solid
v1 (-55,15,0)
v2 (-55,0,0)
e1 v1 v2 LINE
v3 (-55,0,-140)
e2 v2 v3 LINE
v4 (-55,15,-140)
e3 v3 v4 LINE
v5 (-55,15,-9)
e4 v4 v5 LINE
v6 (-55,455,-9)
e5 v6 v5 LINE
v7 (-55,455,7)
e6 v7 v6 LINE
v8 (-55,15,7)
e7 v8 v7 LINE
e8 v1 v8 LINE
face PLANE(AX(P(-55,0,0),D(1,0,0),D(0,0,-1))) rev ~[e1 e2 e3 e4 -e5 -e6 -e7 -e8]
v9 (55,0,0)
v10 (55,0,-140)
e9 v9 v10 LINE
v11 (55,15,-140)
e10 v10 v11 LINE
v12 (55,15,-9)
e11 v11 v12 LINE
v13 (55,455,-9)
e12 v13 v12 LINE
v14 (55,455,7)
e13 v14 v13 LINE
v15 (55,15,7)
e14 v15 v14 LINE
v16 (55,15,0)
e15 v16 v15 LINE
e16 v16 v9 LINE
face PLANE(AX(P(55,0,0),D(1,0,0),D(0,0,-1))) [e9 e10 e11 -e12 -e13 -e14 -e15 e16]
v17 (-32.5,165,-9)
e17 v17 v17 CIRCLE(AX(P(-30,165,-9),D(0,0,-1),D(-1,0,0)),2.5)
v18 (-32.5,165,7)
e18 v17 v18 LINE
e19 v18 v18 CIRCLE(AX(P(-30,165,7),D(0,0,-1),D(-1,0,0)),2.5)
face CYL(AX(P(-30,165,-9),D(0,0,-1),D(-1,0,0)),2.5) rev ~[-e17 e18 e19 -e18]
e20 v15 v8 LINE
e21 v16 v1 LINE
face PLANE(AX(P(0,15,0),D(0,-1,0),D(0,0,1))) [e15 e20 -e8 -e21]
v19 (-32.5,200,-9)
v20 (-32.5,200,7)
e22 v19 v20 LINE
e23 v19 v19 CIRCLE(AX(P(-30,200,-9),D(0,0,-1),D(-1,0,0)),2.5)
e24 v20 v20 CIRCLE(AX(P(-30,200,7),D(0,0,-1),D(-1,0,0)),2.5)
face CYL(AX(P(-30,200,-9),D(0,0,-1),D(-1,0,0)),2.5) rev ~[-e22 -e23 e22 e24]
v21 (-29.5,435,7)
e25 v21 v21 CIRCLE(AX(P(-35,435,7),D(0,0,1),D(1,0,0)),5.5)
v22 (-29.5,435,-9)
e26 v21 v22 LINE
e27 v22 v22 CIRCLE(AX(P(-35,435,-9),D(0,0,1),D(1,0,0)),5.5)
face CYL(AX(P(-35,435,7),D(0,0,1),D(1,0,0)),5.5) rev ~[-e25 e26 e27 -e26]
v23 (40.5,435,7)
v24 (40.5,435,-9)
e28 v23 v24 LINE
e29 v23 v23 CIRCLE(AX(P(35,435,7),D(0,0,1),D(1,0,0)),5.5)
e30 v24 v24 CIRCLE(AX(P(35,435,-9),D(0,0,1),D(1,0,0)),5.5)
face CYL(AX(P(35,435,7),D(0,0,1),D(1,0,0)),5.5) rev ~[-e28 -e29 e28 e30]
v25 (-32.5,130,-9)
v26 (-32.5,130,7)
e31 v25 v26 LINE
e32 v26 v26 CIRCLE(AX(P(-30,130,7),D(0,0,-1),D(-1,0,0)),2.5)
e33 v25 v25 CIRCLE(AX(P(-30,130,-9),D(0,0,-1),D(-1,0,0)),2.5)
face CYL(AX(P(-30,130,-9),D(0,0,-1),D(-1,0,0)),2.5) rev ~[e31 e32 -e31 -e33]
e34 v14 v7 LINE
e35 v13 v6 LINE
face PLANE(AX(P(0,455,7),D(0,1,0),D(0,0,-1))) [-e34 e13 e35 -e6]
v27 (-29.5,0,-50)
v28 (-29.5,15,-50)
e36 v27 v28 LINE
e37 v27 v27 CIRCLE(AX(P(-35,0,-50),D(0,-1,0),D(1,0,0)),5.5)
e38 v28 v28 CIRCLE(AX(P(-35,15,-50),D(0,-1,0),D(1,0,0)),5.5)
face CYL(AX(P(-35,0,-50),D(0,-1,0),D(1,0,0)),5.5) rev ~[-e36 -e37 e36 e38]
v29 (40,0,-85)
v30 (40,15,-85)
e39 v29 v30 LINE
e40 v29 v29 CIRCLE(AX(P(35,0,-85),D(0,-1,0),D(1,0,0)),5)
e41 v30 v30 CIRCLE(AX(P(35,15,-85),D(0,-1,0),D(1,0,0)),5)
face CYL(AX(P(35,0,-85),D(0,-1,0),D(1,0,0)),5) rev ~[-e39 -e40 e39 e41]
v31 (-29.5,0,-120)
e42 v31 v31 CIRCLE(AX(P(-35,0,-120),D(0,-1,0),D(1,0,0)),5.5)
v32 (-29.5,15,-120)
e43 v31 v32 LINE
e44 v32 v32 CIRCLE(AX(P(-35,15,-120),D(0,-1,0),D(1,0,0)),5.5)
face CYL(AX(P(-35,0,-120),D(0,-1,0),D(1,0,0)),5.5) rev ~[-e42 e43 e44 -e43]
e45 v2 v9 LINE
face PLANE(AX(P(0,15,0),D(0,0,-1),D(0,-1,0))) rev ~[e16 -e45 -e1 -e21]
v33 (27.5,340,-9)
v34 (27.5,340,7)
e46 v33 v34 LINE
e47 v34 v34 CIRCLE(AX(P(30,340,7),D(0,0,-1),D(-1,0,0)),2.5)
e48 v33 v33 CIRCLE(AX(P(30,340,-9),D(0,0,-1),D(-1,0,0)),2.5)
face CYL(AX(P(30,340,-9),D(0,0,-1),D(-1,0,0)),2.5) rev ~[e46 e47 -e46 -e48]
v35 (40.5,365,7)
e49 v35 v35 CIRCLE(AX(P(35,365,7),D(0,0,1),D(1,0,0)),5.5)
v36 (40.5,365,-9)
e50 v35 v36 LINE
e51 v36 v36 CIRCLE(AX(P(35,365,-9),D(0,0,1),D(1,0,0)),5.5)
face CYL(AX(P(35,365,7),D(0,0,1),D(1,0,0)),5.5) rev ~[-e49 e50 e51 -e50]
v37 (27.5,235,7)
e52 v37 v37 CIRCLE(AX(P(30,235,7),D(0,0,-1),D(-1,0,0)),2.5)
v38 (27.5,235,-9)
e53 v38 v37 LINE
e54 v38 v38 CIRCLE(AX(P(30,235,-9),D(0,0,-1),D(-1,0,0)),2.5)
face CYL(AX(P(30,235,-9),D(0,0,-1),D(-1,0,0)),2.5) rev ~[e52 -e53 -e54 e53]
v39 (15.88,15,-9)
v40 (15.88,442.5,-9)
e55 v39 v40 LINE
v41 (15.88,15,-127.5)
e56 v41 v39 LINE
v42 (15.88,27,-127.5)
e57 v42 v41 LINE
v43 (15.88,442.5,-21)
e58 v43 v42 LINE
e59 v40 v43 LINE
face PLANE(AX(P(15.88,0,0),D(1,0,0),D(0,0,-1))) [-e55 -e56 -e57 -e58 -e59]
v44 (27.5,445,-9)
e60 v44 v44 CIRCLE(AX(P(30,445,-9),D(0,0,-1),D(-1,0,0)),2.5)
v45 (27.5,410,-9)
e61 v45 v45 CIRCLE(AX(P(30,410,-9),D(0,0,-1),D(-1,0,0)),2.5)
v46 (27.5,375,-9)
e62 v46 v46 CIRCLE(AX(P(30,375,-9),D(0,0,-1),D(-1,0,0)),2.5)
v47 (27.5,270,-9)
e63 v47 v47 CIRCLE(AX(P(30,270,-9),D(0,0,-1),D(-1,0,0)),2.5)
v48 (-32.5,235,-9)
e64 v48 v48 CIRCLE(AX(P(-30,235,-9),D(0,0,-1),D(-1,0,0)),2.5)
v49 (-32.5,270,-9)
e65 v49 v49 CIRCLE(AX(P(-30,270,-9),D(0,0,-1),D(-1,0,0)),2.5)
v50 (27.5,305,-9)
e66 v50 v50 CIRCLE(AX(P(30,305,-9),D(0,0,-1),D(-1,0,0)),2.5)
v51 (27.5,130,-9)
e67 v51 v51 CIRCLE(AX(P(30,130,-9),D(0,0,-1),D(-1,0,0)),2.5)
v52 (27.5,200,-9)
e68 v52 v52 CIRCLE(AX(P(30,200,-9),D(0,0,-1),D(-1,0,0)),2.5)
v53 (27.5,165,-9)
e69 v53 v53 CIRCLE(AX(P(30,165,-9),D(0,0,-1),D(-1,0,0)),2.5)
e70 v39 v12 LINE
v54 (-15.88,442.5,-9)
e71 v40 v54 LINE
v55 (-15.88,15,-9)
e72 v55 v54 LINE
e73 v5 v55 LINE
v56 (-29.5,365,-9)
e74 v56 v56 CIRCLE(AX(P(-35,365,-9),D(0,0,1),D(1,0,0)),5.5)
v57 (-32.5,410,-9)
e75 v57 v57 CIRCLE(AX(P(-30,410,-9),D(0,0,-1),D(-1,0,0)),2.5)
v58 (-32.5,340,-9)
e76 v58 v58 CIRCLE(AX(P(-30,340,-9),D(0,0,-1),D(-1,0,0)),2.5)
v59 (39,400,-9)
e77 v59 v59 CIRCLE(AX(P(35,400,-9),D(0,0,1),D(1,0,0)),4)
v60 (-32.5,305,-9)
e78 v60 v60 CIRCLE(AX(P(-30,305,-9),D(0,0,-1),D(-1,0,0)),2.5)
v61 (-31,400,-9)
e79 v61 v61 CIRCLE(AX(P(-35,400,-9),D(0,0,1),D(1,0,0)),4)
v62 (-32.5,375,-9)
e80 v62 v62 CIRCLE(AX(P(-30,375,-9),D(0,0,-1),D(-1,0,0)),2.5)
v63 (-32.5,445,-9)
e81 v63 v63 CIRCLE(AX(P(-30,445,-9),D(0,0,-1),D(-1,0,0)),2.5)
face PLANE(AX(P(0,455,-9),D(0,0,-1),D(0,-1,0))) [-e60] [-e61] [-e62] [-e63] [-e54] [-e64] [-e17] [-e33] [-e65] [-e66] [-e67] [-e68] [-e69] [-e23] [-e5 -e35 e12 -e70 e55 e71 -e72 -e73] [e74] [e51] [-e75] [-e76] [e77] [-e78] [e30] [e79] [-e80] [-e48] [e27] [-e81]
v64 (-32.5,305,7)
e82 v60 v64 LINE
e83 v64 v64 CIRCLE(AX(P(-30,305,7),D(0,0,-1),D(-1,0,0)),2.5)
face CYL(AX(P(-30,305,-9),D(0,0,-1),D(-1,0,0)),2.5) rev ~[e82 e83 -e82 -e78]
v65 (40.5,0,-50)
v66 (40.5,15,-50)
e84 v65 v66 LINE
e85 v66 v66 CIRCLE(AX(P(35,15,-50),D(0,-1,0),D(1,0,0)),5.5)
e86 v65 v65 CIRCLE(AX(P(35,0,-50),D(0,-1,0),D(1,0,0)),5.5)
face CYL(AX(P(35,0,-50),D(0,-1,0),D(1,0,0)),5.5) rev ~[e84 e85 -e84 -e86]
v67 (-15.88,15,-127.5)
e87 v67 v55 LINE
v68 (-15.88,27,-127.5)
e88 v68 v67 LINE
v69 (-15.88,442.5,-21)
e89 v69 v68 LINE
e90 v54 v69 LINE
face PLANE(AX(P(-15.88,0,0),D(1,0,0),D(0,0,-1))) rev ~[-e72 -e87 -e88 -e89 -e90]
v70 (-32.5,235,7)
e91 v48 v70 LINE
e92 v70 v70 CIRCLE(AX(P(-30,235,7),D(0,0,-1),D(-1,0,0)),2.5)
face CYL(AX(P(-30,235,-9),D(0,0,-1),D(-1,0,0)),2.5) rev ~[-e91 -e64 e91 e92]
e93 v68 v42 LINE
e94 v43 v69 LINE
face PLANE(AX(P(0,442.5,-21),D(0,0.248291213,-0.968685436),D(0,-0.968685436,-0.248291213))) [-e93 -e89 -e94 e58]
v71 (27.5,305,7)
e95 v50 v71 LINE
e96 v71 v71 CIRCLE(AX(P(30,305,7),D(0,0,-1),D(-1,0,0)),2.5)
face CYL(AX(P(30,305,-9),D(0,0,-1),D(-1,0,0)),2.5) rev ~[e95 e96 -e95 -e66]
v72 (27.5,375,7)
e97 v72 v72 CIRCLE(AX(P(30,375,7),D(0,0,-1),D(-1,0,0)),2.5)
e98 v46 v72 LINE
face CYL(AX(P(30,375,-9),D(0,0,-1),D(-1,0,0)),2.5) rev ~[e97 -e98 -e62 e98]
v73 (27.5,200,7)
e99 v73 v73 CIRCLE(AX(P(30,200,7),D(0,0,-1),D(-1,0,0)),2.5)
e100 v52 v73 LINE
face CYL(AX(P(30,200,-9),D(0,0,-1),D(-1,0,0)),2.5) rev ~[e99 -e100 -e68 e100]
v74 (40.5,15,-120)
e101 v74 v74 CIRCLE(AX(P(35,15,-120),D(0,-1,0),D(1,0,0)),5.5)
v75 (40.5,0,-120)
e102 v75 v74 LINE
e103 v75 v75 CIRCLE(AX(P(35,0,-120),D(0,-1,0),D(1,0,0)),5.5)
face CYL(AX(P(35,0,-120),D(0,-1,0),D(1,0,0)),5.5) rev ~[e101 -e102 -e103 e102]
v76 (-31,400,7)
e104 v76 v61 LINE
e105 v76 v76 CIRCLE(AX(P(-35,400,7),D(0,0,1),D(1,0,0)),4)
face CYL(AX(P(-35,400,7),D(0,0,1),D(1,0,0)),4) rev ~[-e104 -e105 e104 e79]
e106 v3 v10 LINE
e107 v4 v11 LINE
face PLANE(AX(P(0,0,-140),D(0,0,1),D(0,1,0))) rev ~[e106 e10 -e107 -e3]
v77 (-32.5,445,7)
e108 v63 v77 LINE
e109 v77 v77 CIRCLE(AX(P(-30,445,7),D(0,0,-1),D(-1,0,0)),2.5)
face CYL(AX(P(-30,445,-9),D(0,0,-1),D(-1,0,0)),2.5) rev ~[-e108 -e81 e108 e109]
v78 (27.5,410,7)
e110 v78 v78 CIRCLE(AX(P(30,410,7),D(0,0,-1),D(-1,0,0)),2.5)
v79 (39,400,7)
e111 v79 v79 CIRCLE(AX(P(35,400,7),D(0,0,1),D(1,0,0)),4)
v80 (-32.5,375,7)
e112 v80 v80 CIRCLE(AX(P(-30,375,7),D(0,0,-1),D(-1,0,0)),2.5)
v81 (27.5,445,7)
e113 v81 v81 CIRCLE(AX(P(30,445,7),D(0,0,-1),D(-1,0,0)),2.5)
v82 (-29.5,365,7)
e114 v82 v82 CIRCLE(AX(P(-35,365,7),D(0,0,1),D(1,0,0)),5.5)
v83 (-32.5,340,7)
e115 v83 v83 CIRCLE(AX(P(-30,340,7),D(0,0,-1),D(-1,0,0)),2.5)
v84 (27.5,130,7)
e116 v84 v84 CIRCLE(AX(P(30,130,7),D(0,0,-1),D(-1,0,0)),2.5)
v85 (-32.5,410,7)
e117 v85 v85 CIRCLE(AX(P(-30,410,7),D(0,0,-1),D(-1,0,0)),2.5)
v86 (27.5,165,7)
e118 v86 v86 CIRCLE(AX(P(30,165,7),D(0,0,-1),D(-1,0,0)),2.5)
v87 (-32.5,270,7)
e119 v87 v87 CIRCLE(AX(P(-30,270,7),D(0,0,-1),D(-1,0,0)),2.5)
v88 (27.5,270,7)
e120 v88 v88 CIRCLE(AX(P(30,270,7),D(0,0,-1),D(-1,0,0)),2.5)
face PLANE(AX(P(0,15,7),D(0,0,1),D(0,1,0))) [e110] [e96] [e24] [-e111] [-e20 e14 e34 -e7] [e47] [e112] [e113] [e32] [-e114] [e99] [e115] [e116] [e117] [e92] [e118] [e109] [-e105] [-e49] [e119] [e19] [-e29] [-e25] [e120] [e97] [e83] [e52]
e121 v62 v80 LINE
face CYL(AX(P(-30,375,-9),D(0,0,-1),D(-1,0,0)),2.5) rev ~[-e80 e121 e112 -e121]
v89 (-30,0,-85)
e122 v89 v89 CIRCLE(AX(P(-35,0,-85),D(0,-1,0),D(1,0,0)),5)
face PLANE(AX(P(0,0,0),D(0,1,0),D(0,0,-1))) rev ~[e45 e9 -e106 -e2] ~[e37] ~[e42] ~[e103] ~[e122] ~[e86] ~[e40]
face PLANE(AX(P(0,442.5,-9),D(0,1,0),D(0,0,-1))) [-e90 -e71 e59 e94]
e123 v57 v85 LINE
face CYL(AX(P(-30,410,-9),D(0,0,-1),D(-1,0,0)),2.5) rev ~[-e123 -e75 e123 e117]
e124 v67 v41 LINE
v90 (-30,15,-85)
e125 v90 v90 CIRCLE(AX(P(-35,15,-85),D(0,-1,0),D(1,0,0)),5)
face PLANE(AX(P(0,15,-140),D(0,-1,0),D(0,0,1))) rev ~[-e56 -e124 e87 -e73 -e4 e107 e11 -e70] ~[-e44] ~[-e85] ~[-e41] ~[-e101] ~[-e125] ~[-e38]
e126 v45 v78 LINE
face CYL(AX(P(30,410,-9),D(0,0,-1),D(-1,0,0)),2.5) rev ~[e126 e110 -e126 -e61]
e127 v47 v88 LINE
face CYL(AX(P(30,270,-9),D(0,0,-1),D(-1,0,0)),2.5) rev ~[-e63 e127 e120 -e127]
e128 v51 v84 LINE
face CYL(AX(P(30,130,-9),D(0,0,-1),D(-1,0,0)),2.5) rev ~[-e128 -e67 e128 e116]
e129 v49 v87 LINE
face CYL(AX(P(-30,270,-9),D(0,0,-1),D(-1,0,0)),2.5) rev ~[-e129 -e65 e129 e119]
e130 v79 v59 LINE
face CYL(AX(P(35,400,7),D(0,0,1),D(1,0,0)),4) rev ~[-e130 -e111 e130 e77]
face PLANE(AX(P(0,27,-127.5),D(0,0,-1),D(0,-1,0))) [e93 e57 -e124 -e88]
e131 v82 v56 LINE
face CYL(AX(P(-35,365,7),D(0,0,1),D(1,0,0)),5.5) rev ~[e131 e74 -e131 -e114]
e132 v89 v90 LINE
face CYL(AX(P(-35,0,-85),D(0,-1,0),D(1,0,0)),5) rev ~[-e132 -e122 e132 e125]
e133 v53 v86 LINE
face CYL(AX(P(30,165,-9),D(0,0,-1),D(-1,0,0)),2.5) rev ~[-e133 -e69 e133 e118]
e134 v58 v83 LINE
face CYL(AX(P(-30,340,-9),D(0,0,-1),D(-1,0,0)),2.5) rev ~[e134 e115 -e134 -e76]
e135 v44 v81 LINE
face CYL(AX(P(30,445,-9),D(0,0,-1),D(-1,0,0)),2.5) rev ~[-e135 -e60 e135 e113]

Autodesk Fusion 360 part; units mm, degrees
sketch "Sketch2" plane through (0, 0, 0) normal (1, 0, 0) x (0, 0, -1)
  line L0 (0, 0) -> (140, 0)
  line L1 (140, 0) -> (140, 15)
  line L2 (140, 15) -> (0, 15)
  line L3 (0, 15) -> (0, 0)
  line L4 (9, 15) -> (-7, 15)
  line L5 (-7, 15) -> (-7, 455)
  line L6 (-7, 455) -> (9, 455)
  line L7 (9, 455) -> (9, 15)
  dimension "d1" = 16
  dimension "d2" = 15
  dimension "d3" = 140
  dimension "d4" = 7
  dimension "d5" = 455
extrude "Extrude1" add sketch "Sketch2" along normal mid plane 110
sketch "Sketch3" plane through (0, 0, 0) normal (1, 0, 0) x (0, 0, -1)
  line L0 (9, 15) -> (9, 455)
  line L1 (140, 15) -> (9, 15)
  line L2 (9, 442.5) -> (21, 442.5)
  line L3 (21, 442.5) -> (127.5, 27)
  line L4 (127.5, 27) -> (127.5, 15)
  dimension "d12" = 12
  dimension "d13" = 12.5
  dimension "d14" = 12.5
  dimension "d15" = 12
extrude "Extrude2" add sketch "Sketch3" along normal mid plane 31.76
sketch "Sketch4" plane through (0, 0, -9) normal (0, 0, -1) x (-1, 0, 0)
  line L0 (-15.88, 15) -> (-15.88, 442.5)
  line L1 (-15.88, 442.5) -> (15.88, 442.5)
  line L2 (15.88, 442.5) -> (15.88, 15)
  line L3 (15.88, 15) -> (55, 15)
  line L4 (55, 15) -> (55, 455)
  line L5 (55, 455) -> (-55, 455)
  line L6 (-55, 455) -> (-55, 15)
  line L7 (-55, 15) -> (-15.88, 15)
  line L8 (0, 455) -> (0, 0) construction
  circle A0 centre (-30, 445) radius 2.5
  circle A1 centre (-30, 410) radius 2.5
  circle A2 centre (-30, 375) radius 2.5
  circle A3 centre (-30, 340) radius 2.5
  circle A4 centre (-30, 305) radius 2.5
  circle A5 centre (-30, 270) radius 2.5
  circle A6 centre (-30, 235) radius 2.5
  circle A7 centre (-30, 200) radius 2.5
  circle A8 centre (-30, 165) radius 2.5
  circle A9 centre (-30, 130) radius 2.5
  circle A10 centre (30, 410) radius 2.5
  circle A11 centre (30, 375) radius 2.5
  circle A12 centre (30, 340) radius 2.5
  circle A13 centre (30, 305) radius 2.5
  circle A14 centre (30, 270) radius 2.5
  circle A15 centre (30, 235) radius 2.5
  circle A16 centre (30, 200) radius 2.5
  circle A17 centre (30, 165) radius 2.5
  circle A18 centre (30, 130) radius 2.5
  circle A19 centre (30, 445) radius 2.5
  dimension "d18" = 30
  dimension "d19" = 5
  dimension "d20" = 10
  dimension "d23" = 35
  dimension "d24" = 0
extrude "Extrude3" cut sketch "Sketch4" against normal blind 100 contours A0 | A1 | A2 | A3 | A4 | A5 | A6 | A7 | A8 | A9 | A10 | A11 | A12 | A13 | A14 | A15 | A16 | A17 | A18 | A19
sketch "Sketch5" plane through (0, 15, 0) normal (0, 1, 0) x (-1, 0, 0)
  line L0 (-15.88, -127.5) -> (-15.88, -9)
  line L1 (-15.88, -9) -> (-55, -9)
  line L2 (-55, -9) -> (-55, -140)
  line L3 (-55, -140) -> (55, -140)
  line L4 (55, -140) -> (55, -9)
  line L5 (55, -9) -> (15.88, -9)
  line L6 (15.88, -9) -> (15.88, -127.5)
  line L7 (15.88, -127.5) -> (-15.88, -127.5)
  circle A0 centre (37, -125) radius 3.9688
  circle A1 centre (37, -95) radius 3.9688
  circle A2 centre (37, -65) radius 3.9688
  circle A3 centre (37, -35) radius 3.9688
  line L8 (37, -125) -> (37, -35) construction
  line L9 (37, -80) -> (52, -80) construction
  line L10 (52, -80) -> (52, -75.9045) construction
  circle A4 centre (67, -125) radius 3.9688
  circle A5 centre (67, -95) radius 3.9688
  circle A6 centre (67, -65) radius 3.9688
  circle A7 centre (67, -35) radius 3.9688
  line L11 (0, -140) -> (0, 0) construction
  line L12 (-52, -80) -> (-52, -75.9045) construction
  circle A8 centre (-67, -95) radius 3.9688
  line L13 (-37, -80) -> (-52, -80) construction
  circle A9 centre (-67, -125) radius 3.9688
  circle A10 centre (-37, -95) radius 3.9688
  circle A11 centre (-37, -65) radius 3.9688
  circle A12 centre (-67, -65) radius 3.9688
  circle A13 centre (-67, -35) radius 3.9688
  circle A14 centre (-37, -35) radius 3.9688
  line L14 (-37, -125) -> (-37, -35) construction
  circle A15 centre (-37, -125) radius 3.9688
  dimension "d27" = 7.9375
  dimension "d28" = 37
  dimension "d29" = 125
  dimension "d30" = 30
  dimension "d31" = 30
  dimension "d32" = 30
  dimension "d33" = 30
sketch "Sketch6" plane through (0, 0, 7) normal (0, 0, 1) x (1, 0, 0)
  circle A0 centre (30, 235) radius 2.5
  circle A1 centre (-30, 200) radius 2.5
  circle A2 centre (30, 270) radius 2.5
  circle A3 centre (-30, 340) radius 2.5
  circle A4 centre (30, 410) radius 2.5
  circle A5 centre (-30, 445) radius 2.5
  circle A6 centre (30, 375) radius 2.5
  circle A7 centre (-30, 270) radius 2.5
  circle A8 centre (-30, 165) radius 2.5
  circle A9 centre (30, 130) radius 2.5
  circle A10 centre (30, 200) radius 2.5
  circle A11 centre (-30, 235) radius 2.5
  circle A12 centre (30, 305) radius 2.5
  circle A13 centre (-30, 375) radius 2.5
  circle A14 centre (30, 445) radius 2.5
  circle A15 centre (-30, 410) radius 2.5
  circle A16 centre (30, 340) radius 2.5
  circle A17 centre (-30, 305) radius 2.5
  circle A18 centre (30, 165) radius 2.5
  circle A19 centre (-30, 130) radius 2.5
  line L0 (-55, 15) -> (55, 15)
  line L1 (55, 15) -> (55, 455)
  line L2 (55, 455) -> (-55, 455)
  line L3 (-55, 455) -> (-55, 15)
sketch "Sketch7" plane through (0, 0, 0) normal (0, -1, 0) x (1, 0, 0)
  line L0 (-55, -140) -> (55, -140)
  line L1 (55, -140) -> (55, 0)
  line L2 (55, 0) -> (-55, 0)
  line L3 (-55, 0) -> (-55, -140)
  circle A0 centre (-35, -120) radius 5.5
  circle A1 centre (35, -120) radius 5.5
  circle A2 centre (-35, -85) radius 5
  circle A3 centre (35, -85) radius 5
  circle A4 centre (-35, -50) radius 5.5
  circle A5 centre (35, -50) radius 5.5
  dimension "d36" = 20
  dimension "d37" = 20
  dimension "d38" = 11
  dimension "d39" = 35
  dimension "d40" = 10
  dimension "d41" = 70
  dimension "d42" = 20
  dimension "d43" = 35
extrude "Extrude5" cut sketch "Sketch7" against normal blind 35 contours A0 | A1 | A2 | A3 | A4 | A5
sketch "Sketch8" plane through (0, 0, 7) normal (0, 0, 1) x (1, 0, 0)
  circle A0 centre (-35, 400) radius 4
  circle A1 centre (35, 400) radius 4
  line L0 (55, 15) -> (55, 455)
  line L1 (-55, 455) -> (-55, 15)
  circle A2 centre (-35, 435) radius 5.5
  circle A3 centre (35, 435) radius 5.5
  circle A4 centre (-35, 365) radius 5.5
  circle A5 centre (35, 365) radius 5.5
  dimension "d46" = 400
  dimension "d47" = 20
  dimension "d48" = 20
  dimension "d49" = 8
  dimension "d50" = 35
  dimension "d51" = 35
  dimension "d52" = 11
  dimension "d53" = 35
  dimension "d54" = 35
extrude "Extrude6" cut sketch "Sketch8" against normal blind 60
equation "d27 = 5 / 16 * 1 in"
